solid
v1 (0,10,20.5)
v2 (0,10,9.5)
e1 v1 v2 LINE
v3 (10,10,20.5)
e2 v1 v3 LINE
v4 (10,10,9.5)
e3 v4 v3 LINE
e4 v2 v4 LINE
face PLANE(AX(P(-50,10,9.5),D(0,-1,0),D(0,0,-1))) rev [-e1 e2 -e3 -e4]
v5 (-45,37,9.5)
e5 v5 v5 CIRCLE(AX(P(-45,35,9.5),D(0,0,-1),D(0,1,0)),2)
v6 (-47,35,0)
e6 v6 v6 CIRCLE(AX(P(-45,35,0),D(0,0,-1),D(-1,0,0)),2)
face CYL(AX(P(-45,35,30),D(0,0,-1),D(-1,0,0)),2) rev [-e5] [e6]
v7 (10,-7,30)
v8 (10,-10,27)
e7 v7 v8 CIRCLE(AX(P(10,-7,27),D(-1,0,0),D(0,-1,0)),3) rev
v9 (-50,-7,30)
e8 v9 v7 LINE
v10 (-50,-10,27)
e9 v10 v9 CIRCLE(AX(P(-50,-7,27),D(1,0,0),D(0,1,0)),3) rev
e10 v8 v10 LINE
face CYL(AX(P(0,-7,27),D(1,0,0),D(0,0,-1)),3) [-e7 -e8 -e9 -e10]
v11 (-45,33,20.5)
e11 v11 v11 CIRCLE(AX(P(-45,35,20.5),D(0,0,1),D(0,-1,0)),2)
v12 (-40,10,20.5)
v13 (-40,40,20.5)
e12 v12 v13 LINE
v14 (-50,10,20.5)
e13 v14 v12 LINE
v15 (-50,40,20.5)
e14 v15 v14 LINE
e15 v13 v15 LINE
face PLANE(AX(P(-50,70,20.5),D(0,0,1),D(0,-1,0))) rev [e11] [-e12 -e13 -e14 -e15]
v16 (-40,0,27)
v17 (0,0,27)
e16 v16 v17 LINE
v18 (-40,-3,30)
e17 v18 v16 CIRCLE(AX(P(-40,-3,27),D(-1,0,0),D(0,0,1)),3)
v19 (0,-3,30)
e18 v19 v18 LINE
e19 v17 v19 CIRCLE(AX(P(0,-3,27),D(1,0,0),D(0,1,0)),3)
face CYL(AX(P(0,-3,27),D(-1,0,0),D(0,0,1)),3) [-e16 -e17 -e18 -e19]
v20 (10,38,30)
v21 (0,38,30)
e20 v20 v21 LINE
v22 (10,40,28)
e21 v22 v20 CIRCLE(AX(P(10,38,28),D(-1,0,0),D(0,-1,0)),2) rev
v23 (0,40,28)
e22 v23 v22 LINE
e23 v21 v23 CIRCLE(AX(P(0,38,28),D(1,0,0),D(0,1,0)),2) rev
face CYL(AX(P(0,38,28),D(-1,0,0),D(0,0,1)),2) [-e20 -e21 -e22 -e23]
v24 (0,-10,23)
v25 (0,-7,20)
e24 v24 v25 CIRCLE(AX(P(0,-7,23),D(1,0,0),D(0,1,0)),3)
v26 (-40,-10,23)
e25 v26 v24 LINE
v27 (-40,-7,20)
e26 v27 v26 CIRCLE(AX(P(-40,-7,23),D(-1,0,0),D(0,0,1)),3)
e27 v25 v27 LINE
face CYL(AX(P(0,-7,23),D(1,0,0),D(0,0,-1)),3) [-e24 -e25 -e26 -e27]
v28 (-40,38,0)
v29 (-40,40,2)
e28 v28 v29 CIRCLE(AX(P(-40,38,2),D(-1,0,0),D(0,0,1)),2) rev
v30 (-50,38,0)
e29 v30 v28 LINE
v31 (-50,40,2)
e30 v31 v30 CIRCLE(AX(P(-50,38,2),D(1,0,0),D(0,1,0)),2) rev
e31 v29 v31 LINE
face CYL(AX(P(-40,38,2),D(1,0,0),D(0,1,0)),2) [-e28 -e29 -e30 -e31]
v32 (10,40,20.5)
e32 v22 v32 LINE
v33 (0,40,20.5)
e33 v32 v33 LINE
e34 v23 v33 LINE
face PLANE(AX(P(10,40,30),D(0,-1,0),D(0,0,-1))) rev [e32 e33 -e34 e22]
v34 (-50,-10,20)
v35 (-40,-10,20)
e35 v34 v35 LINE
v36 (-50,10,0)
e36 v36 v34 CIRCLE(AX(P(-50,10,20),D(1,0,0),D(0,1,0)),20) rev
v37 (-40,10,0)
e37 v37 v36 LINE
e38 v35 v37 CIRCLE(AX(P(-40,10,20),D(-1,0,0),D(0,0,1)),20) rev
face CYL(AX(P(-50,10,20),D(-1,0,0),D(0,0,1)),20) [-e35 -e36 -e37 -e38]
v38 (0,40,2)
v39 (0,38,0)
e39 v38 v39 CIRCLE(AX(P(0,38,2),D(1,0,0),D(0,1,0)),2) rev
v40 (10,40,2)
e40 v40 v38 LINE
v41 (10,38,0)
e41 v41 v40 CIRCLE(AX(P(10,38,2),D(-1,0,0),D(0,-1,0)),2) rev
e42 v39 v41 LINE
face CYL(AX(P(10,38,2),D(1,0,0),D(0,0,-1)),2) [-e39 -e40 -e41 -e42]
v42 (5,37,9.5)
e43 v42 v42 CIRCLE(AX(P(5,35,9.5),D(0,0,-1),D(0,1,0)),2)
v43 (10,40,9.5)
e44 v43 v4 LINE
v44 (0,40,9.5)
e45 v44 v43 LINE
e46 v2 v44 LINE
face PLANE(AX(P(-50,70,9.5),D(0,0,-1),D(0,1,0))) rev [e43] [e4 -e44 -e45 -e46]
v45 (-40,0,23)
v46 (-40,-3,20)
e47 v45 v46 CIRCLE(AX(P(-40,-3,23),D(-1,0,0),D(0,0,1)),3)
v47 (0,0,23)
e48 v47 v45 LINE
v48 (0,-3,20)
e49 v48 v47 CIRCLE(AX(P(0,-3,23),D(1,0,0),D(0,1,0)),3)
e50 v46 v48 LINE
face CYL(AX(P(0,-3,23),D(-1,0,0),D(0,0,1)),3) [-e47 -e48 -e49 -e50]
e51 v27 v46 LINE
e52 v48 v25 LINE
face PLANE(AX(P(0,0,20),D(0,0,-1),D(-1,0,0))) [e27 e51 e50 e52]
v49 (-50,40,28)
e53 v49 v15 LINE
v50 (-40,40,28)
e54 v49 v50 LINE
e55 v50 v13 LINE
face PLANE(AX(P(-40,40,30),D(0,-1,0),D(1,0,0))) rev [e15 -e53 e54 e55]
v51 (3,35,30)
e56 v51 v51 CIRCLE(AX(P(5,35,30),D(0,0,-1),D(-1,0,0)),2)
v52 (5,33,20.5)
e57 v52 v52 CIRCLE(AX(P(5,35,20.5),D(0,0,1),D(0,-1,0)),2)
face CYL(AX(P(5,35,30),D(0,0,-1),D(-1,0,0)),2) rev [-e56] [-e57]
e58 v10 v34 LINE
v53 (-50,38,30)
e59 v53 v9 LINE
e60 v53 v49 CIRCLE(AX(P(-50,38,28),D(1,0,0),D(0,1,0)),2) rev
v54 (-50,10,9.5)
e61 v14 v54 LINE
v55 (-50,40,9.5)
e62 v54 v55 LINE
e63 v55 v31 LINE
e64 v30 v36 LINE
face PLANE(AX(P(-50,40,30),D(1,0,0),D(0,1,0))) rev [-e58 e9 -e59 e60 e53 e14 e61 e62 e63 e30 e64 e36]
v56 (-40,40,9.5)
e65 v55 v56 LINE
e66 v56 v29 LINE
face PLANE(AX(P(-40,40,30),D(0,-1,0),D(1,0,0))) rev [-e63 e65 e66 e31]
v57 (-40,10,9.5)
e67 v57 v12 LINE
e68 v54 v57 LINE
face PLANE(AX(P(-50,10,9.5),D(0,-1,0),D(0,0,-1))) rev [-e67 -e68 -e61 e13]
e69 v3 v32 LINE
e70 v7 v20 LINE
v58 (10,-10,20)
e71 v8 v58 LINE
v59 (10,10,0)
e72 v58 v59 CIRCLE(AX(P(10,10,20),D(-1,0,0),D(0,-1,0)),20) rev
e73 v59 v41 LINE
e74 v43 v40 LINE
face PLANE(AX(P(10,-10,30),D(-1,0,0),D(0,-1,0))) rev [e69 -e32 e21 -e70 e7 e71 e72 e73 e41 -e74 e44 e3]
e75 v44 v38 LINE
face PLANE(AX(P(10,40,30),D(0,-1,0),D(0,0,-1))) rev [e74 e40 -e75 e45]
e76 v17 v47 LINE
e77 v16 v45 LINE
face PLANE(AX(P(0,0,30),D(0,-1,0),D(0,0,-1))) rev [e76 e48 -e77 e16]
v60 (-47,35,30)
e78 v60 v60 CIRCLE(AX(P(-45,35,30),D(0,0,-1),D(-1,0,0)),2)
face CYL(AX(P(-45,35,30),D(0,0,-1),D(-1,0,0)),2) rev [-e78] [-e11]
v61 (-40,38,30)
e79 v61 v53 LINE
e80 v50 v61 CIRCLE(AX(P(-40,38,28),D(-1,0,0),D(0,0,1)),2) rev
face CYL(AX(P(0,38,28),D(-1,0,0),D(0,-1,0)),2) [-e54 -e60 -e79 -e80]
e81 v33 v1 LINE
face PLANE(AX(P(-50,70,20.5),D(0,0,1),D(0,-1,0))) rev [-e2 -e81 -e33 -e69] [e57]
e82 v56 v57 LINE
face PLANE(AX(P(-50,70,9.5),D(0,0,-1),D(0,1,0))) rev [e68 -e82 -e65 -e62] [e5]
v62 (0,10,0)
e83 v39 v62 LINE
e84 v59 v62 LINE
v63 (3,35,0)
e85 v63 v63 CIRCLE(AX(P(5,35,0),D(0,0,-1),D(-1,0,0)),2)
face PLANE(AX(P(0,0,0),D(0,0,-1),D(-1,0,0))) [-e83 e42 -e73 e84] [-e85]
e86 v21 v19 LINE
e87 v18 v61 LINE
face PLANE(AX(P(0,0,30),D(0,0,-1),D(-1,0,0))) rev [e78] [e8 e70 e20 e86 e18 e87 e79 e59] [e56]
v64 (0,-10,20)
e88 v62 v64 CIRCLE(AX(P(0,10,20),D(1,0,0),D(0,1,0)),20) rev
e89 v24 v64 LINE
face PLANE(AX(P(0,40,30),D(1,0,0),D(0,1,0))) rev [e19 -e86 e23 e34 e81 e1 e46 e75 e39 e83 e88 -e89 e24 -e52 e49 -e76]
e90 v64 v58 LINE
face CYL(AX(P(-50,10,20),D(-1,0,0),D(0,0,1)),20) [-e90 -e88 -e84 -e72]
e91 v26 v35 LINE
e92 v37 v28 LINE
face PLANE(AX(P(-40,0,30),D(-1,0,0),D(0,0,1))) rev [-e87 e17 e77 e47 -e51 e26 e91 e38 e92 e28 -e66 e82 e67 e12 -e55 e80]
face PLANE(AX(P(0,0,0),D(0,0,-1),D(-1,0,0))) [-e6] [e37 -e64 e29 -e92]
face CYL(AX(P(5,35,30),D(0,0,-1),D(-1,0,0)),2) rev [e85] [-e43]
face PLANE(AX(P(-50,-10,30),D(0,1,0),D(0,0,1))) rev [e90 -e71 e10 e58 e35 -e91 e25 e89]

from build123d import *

# Parameters (mm, degrees)
BOSS_EXTRUDE1_DEPTH     = 30
CUT_EXTRUDE1_DEPTH      = 79.102496759
CUT_EXTRUDE1_DEPTH_BACK = 79.102496759
SKETCH2_W               = 11
SKETCH2_H               = 60
SKETCH3_W               = 40
SKETCH3_H               = 10
CUT_EXTRUDE2_DEPTH      = 20
FILLET2_R               = 3
FILLET3_R               = 20
CUT_EXTRUDE3_DEPTH      = 71.710678119
CUT_EXTRUDE3_DEPTH_BACK = 71.710678119
SKETCH4_R               = 2
CUT_EXTRUDE4_DEPTH      = 71.710678119
CUT_EXTRUDE4_DEPTH_BACK = 71.710678119
SKETCH5_R               = 2
FILLET4_R               = 2


with BuildPart() as part:
    # Sketch1 → Boss-Extrude1 (new body)
    with BuildSketch(Plane.XY):
        Polygon((0, 0), (-40, 0), (-40, 40), (-50, 40), (-50, -10), (10, -10), (10, 40), (0, 40), align=None)
    extrude(amount=BOSS_EXTRUDE1_DEPTH)

    # Sketch2 → Cut-Extrude1 (cut, two sides: drawn at the far end of the back side and taken through both)
    with BuildSketch(Plane(origin=(10, 0, 0), x_dir=(0, 0, -1), z_dir=(1, 0, 0)).offset(-CUT_EXTRUDE1_DEPTH_BACK)):
        with Locations((-15, 40)):
            Rectangle(SKETCH2_W, SKETCH2_H)
    extrude(amount=CUT_EXTRUDE1_DEPTH + CUT_EXTRUDE1_DEPTH_BACK, mode=Mode.SUBTRACT)

    # Sketch3 → Cut-Extrude2 (cut)
    with BuildSketch(Plane(origin=(0, 0, 0), x_dir=(-1, 0, 0), z_dir=(0, 0, -1))):
        with Locations((20, -5)):
            Rectangle(SKETCH3_W, SKETCH3_H)
    extrude(amount=-CUT_EXTRUDE2_DEPTH, mode=Mode.SUBTRACT)

    # Fillet2
    fillet2_edges = [part.edges().sort_by_distance(p)[0] for p in [
        (-20, -10, 30),
        (-20, 0, 20),
        (-20, -10, 20),
        (-20, 0, 30),
    ]]
    fillet(fillet2_edges, radius=FILLET2_R)

    # Fillet3
    fillet3_edges = [part.edges().sort_by_distance(p)[0] for p in [
        (5, -10, 0),
        (-45, -10, 0),
    ]]
    fillet(fillet3_edges, radius=FILLET3_R)

    # Sketch4 → Cut-Extrude3 (cut, two sides: drawn at the far end of the back side and taken through both)
    with BuildSketch(Plane(origin=(0, 0, 0), x_dir=(-1, 0, 0), z_dir=(0, 0, -1)).offset(-CUT_EXTRUDE3_DEPTH_BACK)):
        with Locations((-5, 35)):
            Circle(SKETCH4_R)
    extrude(amount=CUT_EXTRUDE3_DEPTH + CUT_EXTRUDE3_DEPTH_BACK, mode=Mode.SUBTRACT)

    # Sketch5 → Cut-Extrude4 (cut, two sides: drawn at the far end of the back side and taken through both)
    with BuildSketch(Plane(origin=(0, 0, 0), x_dir=(-1, 0, 0), z_dir=(0, 0, -1)).offset(-CUT_EXTRUDE4_DEPTH_BACK)):
        with Locations((45, 35)):
            Circle(SKETCH5_R)
    extrude(amount=CUT_EXTRUDE4_DEPTH + CUT_EXTRUDE4_DEPTH_BACK, mode=Mode.SUBTRACT)

    # Fillet4
    fillet4_edges = [part.edges().sort_by_distance(p)[0] for p in [
        (-45, 40, 30),
        (5, 40, 30),
        (5, 40, 0),
        (-45, 40, 0),
    ]]
    fillet(fillet4_edges, radius=FILLET4_R)


solid = part.part
